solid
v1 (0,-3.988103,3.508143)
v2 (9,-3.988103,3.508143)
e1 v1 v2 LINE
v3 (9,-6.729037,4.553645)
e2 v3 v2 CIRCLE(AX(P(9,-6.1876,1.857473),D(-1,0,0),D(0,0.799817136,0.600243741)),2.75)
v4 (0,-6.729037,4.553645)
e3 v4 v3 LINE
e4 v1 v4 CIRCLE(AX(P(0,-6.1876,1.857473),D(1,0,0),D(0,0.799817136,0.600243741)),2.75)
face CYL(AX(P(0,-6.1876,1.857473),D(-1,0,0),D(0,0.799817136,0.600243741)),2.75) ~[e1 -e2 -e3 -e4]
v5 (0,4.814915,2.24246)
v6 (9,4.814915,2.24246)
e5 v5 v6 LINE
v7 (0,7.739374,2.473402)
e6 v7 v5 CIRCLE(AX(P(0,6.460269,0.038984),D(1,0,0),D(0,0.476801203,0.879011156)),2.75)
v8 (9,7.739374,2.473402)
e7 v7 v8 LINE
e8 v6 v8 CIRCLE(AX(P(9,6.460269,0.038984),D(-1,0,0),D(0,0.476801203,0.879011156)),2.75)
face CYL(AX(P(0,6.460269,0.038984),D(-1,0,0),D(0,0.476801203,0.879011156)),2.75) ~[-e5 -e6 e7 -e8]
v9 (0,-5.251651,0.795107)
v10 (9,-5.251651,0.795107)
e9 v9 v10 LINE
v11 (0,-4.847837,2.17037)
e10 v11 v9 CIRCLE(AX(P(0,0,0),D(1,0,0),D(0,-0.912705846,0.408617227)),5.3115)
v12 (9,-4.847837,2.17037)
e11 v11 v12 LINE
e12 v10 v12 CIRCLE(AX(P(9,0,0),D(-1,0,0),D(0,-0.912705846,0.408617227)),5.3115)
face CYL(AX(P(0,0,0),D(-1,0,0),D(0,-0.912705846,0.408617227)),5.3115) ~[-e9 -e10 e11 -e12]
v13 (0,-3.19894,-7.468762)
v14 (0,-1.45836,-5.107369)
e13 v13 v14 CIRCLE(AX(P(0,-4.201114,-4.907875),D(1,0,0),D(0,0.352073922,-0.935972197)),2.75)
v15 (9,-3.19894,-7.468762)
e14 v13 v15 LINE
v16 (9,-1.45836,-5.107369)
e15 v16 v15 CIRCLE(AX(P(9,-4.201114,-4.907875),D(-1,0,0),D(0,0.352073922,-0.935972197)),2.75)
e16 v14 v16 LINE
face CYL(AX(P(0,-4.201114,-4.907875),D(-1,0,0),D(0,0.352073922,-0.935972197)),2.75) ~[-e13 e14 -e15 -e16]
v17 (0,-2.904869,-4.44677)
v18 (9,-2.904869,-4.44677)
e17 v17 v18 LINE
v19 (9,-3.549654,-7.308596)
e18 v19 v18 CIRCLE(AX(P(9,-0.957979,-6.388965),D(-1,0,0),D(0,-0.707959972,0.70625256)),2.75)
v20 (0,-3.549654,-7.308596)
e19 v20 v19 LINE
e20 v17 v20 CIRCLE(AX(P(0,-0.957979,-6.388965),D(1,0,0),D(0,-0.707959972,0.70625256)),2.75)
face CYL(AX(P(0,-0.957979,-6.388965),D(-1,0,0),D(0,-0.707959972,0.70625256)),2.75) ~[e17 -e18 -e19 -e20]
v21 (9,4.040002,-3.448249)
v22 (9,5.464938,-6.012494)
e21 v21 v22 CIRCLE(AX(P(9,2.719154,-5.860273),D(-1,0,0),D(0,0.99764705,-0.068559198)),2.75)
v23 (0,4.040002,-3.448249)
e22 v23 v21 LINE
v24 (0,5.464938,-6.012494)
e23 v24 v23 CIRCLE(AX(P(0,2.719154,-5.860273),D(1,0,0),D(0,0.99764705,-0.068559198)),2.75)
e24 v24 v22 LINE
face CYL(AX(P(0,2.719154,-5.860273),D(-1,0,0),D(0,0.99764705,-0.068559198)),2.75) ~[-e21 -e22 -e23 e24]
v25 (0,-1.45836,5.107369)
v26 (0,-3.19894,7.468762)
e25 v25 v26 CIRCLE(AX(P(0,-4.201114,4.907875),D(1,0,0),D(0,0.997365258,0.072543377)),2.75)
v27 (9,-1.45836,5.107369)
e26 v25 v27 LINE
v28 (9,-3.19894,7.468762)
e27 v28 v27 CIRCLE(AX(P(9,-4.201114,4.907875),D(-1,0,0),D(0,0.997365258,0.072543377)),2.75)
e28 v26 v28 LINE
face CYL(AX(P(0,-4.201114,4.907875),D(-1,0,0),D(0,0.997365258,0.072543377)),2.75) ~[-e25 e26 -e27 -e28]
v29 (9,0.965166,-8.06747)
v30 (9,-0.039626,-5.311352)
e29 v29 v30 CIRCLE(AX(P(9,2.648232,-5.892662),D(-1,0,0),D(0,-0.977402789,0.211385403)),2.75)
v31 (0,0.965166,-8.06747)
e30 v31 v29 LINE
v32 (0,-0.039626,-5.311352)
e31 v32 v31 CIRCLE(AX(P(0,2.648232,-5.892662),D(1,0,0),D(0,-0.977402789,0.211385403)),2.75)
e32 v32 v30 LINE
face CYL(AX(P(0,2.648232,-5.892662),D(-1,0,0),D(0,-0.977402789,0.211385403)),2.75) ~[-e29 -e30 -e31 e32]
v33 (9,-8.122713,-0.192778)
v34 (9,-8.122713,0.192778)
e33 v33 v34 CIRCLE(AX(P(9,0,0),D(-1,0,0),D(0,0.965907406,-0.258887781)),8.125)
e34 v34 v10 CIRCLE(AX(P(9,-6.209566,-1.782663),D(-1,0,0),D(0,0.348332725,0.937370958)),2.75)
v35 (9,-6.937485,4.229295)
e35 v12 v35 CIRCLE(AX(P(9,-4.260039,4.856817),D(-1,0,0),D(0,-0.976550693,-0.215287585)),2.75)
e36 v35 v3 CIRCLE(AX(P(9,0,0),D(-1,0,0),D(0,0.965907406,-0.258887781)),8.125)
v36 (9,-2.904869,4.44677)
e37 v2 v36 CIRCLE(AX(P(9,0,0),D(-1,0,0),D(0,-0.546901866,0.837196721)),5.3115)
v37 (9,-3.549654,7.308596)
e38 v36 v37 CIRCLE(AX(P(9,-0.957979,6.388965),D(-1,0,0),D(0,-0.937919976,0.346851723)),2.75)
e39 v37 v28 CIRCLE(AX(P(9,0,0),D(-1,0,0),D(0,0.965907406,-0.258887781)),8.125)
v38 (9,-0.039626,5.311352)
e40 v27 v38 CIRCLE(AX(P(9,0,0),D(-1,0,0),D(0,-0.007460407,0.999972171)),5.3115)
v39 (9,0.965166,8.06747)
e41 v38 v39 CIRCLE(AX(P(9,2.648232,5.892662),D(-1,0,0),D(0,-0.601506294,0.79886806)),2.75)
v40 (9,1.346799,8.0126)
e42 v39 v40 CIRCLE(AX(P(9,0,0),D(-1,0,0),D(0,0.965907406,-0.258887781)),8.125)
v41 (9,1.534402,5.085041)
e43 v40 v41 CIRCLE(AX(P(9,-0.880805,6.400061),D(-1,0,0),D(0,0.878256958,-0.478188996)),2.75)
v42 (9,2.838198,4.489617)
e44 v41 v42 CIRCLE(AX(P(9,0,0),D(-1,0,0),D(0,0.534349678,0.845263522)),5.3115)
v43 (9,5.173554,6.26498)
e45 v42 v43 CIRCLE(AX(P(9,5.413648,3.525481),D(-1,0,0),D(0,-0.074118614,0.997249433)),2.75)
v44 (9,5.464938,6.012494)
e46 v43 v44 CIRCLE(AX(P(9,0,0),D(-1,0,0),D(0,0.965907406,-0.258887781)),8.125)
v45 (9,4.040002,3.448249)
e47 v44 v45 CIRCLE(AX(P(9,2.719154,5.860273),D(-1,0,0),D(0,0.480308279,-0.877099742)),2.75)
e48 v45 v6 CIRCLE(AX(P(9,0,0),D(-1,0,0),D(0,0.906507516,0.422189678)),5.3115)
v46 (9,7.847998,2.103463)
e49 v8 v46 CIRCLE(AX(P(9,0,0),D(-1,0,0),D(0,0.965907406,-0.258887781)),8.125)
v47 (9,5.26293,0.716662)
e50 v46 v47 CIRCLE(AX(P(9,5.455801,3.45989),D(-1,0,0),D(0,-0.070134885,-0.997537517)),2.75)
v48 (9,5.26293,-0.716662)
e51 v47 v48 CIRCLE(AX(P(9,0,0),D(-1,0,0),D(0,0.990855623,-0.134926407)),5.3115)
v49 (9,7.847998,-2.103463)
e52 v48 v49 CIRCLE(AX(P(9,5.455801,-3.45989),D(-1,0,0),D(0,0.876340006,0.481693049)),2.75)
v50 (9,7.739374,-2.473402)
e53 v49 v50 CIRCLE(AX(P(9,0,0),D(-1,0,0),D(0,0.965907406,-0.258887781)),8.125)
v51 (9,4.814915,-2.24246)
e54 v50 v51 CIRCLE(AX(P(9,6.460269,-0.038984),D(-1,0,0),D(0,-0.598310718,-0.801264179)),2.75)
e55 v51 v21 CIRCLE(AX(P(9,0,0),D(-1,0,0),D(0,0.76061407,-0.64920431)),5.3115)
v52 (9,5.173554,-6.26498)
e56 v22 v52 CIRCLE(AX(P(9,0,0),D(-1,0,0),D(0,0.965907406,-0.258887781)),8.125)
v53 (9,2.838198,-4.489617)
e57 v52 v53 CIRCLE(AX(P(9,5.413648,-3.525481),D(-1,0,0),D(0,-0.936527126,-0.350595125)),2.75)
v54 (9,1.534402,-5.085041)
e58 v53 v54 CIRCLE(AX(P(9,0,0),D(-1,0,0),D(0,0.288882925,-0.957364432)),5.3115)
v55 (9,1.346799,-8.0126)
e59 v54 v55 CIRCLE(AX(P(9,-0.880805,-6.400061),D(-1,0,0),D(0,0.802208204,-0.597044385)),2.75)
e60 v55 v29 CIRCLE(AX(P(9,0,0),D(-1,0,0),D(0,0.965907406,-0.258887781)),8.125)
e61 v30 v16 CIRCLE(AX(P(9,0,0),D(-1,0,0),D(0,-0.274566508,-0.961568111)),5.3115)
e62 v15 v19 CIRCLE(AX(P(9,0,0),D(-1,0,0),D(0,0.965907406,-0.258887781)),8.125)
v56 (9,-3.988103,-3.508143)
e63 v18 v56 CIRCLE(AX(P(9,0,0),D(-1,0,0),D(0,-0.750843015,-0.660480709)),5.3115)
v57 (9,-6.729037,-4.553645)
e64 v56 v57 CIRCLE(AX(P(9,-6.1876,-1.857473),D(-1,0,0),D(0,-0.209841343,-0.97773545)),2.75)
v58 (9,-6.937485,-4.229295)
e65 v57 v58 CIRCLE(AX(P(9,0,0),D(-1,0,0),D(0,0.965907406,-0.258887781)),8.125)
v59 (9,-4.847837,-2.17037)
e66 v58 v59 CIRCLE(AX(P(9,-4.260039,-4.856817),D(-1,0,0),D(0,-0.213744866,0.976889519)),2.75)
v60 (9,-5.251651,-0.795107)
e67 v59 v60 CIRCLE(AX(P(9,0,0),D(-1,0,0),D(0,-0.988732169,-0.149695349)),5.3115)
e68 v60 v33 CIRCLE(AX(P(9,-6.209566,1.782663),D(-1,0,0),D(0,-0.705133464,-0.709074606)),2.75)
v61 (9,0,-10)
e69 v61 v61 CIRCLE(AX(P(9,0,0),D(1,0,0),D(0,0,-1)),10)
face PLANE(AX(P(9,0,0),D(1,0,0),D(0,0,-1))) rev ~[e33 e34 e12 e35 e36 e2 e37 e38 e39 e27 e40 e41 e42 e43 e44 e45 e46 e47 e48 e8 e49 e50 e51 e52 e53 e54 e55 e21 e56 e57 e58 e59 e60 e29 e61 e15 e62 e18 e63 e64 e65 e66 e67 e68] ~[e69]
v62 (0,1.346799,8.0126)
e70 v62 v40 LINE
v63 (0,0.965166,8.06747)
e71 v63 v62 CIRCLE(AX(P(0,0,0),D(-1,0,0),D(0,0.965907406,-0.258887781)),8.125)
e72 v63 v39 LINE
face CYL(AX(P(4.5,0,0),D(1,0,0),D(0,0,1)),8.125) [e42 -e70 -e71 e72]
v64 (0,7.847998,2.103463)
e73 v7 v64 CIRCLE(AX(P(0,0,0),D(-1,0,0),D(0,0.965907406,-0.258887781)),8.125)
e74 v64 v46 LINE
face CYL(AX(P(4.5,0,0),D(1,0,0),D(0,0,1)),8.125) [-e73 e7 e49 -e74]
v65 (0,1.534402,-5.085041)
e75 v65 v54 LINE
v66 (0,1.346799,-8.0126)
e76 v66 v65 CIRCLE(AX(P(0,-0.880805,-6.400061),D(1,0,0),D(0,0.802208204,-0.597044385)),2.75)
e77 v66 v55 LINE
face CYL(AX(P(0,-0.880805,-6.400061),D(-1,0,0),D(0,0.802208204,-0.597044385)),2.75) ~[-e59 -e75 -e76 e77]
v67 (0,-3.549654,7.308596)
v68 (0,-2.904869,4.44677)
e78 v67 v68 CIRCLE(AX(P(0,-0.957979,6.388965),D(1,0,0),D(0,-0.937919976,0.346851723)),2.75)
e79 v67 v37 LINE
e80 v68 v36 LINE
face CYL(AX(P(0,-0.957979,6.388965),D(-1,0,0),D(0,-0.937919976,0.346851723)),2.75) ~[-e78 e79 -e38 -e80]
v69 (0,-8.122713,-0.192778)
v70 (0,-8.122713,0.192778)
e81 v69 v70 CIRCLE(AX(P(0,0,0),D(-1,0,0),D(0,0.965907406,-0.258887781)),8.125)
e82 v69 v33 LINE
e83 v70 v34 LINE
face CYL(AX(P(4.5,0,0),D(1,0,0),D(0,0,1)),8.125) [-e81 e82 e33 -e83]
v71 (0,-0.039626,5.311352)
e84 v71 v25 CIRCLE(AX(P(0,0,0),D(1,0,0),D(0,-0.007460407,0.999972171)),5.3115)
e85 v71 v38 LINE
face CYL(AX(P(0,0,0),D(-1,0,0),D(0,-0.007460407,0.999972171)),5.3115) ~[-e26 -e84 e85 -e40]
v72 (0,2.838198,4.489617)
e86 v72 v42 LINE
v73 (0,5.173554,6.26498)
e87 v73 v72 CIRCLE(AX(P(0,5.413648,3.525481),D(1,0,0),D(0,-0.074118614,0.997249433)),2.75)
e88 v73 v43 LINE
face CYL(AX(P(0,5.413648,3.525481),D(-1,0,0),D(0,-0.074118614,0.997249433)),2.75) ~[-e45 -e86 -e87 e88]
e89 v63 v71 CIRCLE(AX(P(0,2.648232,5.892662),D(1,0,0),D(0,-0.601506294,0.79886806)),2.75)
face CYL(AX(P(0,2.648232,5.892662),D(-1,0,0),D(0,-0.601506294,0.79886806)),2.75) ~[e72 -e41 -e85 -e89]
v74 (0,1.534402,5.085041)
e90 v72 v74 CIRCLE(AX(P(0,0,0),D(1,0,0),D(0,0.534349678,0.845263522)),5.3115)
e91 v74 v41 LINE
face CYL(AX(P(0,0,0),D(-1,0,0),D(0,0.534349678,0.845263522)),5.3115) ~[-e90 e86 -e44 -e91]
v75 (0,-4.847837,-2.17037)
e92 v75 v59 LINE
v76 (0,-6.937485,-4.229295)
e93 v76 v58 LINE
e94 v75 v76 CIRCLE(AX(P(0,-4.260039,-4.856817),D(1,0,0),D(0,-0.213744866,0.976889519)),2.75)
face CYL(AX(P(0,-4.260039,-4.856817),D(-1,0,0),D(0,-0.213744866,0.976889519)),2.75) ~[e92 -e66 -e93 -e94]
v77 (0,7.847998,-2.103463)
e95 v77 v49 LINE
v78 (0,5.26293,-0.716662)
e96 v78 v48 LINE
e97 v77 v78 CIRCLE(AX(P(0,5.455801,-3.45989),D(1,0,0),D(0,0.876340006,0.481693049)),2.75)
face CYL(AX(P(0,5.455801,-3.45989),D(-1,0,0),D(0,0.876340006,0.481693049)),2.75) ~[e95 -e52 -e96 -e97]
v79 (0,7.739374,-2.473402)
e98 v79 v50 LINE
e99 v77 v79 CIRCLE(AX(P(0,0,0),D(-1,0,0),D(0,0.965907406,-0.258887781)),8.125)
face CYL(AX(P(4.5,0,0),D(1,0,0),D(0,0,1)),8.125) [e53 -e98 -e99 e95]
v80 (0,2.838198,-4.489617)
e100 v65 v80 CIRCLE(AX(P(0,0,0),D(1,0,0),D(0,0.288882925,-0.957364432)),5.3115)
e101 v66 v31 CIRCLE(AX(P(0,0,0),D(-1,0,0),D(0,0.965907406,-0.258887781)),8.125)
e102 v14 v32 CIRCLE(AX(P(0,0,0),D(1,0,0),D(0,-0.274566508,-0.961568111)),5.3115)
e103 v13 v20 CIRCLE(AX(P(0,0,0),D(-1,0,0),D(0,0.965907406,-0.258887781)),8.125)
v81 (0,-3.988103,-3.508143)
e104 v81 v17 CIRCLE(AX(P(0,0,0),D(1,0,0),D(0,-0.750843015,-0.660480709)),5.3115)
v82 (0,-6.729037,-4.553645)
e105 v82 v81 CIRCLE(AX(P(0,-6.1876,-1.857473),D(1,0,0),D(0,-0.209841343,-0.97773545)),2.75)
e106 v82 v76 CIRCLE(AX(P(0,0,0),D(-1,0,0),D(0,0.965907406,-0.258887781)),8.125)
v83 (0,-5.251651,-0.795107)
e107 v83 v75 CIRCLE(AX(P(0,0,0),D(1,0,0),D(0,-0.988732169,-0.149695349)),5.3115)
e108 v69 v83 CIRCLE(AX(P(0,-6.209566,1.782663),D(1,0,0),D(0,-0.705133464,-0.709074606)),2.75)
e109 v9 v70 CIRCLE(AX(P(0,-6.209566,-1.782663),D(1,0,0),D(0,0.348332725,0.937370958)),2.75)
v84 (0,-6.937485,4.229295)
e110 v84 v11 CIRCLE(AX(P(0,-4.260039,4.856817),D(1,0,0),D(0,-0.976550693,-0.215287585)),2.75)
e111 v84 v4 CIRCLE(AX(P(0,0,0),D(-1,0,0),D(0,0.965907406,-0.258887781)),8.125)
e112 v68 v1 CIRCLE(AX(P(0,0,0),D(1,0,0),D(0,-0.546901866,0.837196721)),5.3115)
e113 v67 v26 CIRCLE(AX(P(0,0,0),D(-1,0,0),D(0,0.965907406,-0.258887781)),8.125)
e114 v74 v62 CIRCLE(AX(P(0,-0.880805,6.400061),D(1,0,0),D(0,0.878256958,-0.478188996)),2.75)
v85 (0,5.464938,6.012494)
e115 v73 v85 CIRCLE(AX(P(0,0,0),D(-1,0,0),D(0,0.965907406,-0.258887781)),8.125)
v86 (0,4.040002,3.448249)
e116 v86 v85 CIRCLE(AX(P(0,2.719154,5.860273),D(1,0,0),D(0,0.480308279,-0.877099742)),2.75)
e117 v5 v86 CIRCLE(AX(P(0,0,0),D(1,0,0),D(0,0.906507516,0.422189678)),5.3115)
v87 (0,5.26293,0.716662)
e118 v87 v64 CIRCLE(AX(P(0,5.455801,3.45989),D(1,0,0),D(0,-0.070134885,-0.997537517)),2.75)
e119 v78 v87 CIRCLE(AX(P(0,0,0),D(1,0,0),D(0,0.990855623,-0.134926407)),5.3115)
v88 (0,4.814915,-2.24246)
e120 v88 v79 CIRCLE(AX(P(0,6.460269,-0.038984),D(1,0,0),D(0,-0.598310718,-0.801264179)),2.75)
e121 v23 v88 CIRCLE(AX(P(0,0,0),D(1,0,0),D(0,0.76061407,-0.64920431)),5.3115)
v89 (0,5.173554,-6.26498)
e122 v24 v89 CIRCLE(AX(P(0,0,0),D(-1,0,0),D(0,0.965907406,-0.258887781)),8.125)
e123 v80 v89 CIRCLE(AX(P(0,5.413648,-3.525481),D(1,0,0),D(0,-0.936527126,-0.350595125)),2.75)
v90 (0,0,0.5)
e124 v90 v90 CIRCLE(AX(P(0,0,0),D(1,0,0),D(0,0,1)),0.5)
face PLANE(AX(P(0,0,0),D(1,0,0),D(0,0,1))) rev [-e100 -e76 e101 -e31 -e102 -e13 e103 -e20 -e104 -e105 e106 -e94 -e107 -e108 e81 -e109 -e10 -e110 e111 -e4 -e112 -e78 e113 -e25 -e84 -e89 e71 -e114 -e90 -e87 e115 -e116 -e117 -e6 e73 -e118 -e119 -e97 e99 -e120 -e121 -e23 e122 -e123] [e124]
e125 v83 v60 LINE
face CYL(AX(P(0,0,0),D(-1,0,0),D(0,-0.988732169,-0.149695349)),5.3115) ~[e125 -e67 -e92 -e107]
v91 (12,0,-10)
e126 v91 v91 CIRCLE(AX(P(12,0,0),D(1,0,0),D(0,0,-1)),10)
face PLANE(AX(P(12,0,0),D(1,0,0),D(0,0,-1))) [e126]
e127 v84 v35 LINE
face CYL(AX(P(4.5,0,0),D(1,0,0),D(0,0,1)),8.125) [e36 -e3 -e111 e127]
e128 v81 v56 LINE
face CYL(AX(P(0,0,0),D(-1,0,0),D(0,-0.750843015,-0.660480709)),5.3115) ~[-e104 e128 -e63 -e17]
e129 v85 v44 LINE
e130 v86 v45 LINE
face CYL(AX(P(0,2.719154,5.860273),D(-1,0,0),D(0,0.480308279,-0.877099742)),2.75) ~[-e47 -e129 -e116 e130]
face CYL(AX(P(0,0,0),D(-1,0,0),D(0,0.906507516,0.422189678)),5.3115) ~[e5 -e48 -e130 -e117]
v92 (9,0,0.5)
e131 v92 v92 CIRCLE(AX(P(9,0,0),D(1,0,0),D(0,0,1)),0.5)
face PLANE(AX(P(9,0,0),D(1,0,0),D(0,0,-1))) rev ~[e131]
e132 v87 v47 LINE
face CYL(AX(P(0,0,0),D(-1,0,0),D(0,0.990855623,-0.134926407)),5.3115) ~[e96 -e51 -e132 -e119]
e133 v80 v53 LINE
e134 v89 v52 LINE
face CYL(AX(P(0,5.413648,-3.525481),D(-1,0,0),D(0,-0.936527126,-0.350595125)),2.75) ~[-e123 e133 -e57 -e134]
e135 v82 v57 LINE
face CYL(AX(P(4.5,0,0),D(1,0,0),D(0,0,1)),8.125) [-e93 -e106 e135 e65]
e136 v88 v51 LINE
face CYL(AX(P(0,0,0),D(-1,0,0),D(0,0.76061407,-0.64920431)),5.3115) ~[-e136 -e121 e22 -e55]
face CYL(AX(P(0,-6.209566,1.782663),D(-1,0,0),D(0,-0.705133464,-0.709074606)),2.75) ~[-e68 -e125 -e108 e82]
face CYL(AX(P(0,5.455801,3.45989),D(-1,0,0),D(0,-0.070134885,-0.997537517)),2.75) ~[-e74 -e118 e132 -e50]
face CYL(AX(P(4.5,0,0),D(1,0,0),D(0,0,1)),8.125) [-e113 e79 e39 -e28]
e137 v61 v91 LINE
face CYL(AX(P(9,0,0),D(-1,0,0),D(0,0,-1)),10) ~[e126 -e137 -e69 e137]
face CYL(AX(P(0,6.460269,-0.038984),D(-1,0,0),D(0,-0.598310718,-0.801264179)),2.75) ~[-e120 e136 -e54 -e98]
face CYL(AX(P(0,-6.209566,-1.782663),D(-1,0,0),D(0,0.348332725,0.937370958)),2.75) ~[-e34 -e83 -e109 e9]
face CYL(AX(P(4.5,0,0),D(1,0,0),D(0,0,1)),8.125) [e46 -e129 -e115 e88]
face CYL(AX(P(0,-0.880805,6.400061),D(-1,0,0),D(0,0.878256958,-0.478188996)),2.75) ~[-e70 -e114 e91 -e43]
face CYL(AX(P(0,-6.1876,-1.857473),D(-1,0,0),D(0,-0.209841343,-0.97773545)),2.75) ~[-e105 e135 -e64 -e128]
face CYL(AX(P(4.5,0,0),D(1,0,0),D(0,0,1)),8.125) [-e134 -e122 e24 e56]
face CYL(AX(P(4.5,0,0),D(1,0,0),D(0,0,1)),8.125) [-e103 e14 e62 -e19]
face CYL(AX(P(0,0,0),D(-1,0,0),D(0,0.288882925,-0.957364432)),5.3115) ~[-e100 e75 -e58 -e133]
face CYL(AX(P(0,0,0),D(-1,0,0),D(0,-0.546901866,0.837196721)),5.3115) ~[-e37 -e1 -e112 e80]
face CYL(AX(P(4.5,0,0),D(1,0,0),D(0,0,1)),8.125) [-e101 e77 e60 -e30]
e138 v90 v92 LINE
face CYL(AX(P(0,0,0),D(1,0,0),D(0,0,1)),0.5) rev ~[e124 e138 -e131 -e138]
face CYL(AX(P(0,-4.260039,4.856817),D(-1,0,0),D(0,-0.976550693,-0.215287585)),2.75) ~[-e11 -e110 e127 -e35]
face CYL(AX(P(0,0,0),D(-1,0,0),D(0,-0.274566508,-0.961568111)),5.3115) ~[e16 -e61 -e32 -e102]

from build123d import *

# Parameters (mm, degrees)
BASPROSKE_W         = 9
BASPROSKE_H         = 8.125
TOOTHCUT_DEPTH      = 15.595590087
TEETHCUTS_COUNT     = 11
TEETHCUTS_ANGLE     = 327.272727273
BORSKE_R            = 0.5
BORE_DEPTH          = 50.0000508
SKETCH1_R           = 10
BOSS_EXTRUDE1_DEPTH = 3


with BuildPart() as part:
    # BasProSke → Base-Revolve (revolve)
    with BuildSketch(Plane(origin=(0, 0, 0), x_dir=(1, 0, 0), z_dir=(0, 1, 0)), mode=Mode.PRIVATE) as base_revolve_sk:
        with Locations((4.5, 4.0625)):
            Rectangle(BASPROSKE_W, BASPROSKE_H)
    revolve(base_revolve_sk.sketch.rotate(Axis((-10, 0, 0), (1, 0, 0)), 180), axis=Axis((-10, 0, 0), (1, 0, 0)))

    # TooCutSke → ToothCut (cut, through all)
    with BuildSketch(Plane(origin=(0, 0, 0), x_dir=(0, 0, -1), z_dir=(1, 0, 0))):
        with BuildLine():
            ThreePointArc((0.716661614, 5.262929639), (0, 5.3115), (-0.716661614, 5.262929639))
            ThreePointArc((-0.716661614, 5.262929639), (-1.045232485, 6.771828733), (-2.135233901, 7.865735589))
            ThreePointArc((-2.135233901, 7.865735589), (0, 8.1504), (2.135233901, 7.865735589))
            ThreePointArc((2.135233901, 7.865735589), (1.045232485, 6.771828733), (0.716661614, 5.262929639))
        make_face()
    toothcut = extrude(amount=TOOTHCUT_DEPTH, mode=Mode.SUBTRACT)

    # TeethCuts: ToothCut ×11 about axis
    teethcuts_axis = Axis((-10, 0, 0), (1, 0, 0))
    for i in range(1, TEETHCUTS_COUNT):
        add(toothcut.rotate(teethcuts_axis, i * TEETHCUTS_ANGLE / (TEETHCUTS_COUNT - 1)), mode=Mode.SUBTRACT)

    # BorSke → Bore (cut, symmetric)
    with BuildSketch(Plane(origin=(0, 0, 0), x_dir=(0, 0, -1), z_dir=(1, 0, 0))):
        with Locations(Location((0, 0, 0), (0, 0, 180))):
            Circle(BORSKE_R)
    extrude(amount=BORE_DEPTH, both=True, mode=Mode.SUBTRACT)

    # Sketch1 → Boss-Extrude1 (add)
    with BuildSketch(Plane(origin=(9, 0, 0), x_dir=(0, 0, -1), z_dir=(1, 0, 0))):
        Circle(SKETCH1_R)
    extrude(amount=BOSS_EXTRUDE1_DEPTH)


solid = part.part
